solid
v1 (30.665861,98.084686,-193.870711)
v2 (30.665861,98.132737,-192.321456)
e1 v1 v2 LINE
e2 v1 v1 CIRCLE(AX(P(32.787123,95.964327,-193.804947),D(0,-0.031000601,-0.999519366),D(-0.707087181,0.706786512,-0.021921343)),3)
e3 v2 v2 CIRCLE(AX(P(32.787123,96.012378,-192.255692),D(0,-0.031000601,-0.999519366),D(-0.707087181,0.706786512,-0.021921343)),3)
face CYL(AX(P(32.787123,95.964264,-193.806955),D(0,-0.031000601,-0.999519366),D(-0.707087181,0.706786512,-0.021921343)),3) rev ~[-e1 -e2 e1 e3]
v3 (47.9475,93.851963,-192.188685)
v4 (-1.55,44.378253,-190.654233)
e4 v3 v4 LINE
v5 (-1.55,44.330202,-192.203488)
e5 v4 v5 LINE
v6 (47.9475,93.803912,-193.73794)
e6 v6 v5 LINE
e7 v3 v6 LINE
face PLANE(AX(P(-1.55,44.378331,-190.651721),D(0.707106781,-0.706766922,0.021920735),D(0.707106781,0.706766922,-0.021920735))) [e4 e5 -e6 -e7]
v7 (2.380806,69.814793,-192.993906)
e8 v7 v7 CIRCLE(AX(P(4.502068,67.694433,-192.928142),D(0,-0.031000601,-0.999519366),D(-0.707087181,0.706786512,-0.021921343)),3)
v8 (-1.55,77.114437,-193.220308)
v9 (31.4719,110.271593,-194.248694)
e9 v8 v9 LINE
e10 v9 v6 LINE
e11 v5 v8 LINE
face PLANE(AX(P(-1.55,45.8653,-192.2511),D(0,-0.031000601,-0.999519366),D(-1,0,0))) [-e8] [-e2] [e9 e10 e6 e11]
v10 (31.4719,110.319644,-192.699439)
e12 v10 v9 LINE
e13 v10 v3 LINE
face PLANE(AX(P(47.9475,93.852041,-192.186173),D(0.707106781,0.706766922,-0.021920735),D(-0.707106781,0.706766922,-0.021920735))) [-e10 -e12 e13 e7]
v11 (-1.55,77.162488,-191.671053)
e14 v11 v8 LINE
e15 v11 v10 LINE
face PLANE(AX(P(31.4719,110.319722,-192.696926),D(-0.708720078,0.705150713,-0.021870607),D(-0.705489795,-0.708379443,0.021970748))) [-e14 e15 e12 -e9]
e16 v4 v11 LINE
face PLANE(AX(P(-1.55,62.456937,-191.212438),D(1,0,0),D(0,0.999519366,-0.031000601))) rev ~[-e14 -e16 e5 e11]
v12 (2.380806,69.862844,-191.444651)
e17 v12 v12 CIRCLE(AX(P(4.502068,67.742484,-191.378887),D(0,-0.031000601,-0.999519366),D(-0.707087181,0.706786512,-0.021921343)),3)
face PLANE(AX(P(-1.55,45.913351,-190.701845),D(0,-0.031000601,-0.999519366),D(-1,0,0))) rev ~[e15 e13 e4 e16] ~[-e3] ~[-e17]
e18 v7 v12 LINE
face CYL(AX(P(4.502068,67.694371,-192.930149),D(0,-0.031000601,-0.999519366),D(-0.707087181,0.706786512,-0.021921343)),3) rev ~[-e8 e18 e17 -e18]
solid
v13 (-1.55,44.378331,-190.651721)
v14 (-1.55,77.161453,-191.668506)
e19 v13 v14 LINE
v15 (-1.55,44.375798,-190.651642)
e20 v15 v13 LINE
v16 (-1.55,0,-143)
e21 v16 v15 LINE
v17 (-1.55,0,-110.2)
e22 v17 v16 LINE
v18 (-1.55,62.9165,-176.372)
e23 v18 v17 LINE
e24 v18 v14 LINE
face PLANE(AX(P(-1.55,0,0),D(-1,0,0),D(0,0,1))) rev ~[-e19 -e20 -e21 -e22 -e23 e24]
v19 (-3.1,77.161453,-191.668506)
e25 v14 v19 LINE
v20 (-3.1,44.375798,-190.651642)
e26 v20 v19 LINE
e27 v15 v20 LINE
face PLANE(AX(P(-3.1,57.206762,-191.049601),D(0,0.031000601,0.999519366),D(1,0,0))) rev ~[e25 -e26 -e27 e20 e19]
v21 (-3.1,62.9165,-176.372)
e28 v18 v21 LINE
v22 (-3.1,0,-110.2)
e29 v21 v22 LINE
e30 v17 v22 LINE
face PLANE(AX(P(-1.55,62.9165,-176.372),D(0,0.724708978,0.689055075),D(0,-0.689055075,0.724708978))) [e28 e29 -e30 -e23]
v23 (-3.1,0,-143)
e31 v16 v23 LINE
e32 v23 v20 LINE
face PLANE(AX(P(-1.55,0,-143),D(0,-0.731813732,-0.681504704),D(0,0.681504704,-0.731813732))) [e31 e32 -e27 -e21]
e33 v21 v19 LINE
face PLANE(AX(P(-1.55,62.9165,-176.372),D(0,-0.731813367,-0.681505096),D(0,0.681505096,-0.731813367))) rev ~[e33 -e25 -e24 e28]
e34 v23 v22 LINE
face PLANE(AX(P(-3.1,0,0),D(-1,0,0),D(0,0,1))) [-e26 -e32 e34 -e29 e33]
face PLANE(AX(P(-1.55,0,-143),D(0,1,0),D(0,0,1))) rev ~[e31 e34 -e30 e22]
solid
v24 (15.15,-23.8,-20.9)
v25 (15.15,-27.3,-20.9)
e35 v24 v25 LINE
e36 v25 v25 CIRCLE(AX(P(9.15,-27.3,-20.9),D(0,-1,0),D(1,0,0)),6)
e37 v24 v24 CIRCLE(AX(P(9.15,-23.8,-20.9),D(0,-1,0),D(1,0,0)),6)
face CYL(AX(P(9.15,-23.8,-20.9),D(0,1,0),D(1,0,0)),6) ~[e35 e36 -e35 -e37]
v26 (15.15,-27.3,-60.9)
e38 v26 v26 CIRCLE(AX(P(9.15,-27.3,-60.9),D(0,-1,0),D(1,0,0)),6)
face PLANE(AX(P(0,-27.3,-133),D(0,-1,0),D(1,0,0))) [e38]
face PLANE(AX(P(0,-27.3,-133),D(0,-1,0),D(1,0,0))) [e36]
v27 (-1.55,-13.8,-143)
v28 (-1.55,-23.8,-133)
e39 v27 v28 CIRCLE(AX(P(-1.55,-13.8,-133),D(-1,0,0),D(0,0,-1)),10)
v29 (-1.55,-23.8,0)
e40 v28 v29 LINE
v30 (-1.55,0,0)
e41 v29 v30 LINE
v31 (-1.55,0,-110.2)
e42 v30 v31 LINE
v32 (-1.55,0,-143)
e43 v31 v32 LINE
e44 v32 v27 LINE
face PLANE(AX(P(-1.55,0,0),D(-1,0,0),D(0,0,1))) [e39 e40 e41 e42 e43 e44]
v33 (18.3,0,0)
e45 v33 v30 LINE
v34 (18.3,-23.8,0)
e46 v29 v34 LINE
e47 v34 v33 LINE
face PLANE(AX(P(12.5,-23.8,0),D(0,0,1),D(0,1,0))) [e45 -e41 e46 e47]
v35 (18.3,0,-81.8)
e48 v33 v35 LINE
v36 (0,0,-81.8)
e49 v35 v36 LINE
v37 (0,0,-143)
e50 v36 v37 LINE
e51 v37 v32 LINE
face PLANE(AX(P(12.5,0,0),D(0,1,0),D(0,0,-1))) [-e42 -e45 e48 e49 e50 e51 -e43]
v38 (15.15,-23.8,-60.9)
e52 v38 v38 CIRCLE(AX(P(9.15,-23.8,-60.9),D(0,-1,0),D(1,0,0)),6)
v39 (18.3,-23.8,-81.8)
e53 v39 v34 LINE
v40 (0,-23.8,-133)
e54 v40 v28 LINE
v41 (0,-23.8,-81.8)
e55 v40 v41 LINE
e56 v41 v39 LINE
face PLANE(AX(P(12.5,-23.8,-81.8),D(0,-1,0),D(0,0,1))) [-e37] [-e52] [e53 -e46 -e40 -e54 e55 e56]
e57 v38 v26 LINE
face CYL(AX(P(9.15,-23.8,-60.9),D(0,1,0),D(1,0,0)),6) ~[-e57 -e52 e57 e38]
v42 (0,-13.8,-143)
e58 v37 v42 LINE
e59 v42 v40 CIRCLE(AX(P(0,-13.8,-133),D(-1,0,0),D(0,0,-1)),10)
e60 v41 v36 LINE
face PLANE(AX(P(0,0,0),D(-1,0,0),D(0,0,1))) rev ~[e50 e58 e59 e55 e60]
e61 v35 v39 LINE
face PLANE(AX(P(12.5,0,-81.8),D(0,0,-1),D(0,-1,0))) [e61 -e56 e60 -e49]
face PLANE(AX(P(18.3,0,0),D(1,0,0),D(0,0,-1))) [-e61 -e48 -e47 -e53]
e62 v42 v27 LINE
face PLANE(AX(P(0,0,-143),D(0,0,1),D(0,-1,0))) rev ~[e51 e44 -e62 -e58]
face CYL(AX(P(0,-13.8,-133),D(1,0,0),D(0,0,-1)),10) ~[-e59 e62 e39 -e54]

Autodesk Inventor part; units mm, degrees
ref_plane "YZ Plane" through (0, 0, 0) normal (1, 0, 0) x (0, 1, 0)
ref_plane "XZ Plane" through (0, 0, 0) normal (0, 1, 0) x (-1, 0, 0)
ref_plane "XY Plane" through (0, 0, 0) normal (0, 0, 1) x (1, 0, 0)
sketch "Boceto1" plane through (0, 0, 0) normal (1, 0, 0) x (0, 1, 0)
  line L0 (0, 0) -> (-23.8, 0)
  line L1 (-23.8, 0) -> (-23.8, -81.8)
  line L2 (-23.8, -81.8) -> (0, -81.8)
  line L3 (0, -81.8) -> (0, 0)
  dimension "d0" = 23.8
  dimension "d1" = 81.8
extrude "Extrusión1" add sketch "Boceto1" along normal blind 12.5
sketch "Boceto2" plane through (0, 0, 0) normal (-1, 0, 0) x (0, 0, 1)
  line L0 (0, 0) -> (-143, 0)
  line L1 (-143, 0) -> (-143, -13.8)
  line L2 (-133, -23.8) -> (0, -23.8)
  line L3 (0, -23.8) -> (0, 0)
  arc A0 (-143, -13.8) -> (-133, -23.8) centre (-133, -13.8) ccw
  point P0 (-143, -23.8)
  dimension "d4" = 143
  dimension "d5" = 10
extrude "Extrusión2" add sketch "Boceto2" along normal blind 1.55
sketch "Boceto3" plane through (-1.55, 0, 0) normal (-1, 0, 0) x (0, 0, 1)
  line L0 (-81.8, 0) -> (0, 0) projected
  line L1 (-143, 0) -> (-143, -13.8) projected
  line L2 (-143, 0) -> (-110.2, 0)
  line L3 (-81.8, 0) -> (-143, 0) projected
  line L4 (-143, 0) -> (-192.2511, 45.8653)
  arc A0 (-16.2, 0) -> (-135.0604, 90.653) centre (-110.2, 0) ccw
  line L5 (-176.372, 62.9165) -> (-110.2, 0)
  line L6 (-176.372, 62.9165) -> (-193.2664, 78.6495)
  line L7 (-192.2511, 45.8653) -> (-193.2664, 78.6495)
  dimension "d10" = 32.8
  dimension "d15" = 23.3
  dimension "d17" = 32.8
extrude "Extrusión3" add sketch "Boceto3" along normal blind 1.55
sketch "Boceto6" plane through (-1.55, 45.8653, -192.2511) normal (0, -0.031, -0.9995) x (-1, 0, 0)
  circle A0 centre (1.55, 11.2988) radius 152.2645
  point P0 (-1.55, -51.7948)
extrude "Extrusión5" add sketch "Boceto6" against normal blind 1.55
sketch "Boceto7" plane through (-3.1, 57.2067, -191.0516) normal (0, 0.031, 0.9995) x (1, 0, 0)
  line L0 (1.55, -12.8346) -> (1.55, -58.6668) projected
  line L1 (1.55, -12.8346) -> (51.0475, 36.6629)
  line L2 (1.55, -12.8346) -> (71.55, -12.8346) construction
  line L3 (51.0475, 36.6629) -> (34.5719, 53.1385)
  line L4 (1.55, 5.2527) -> (1.55, 19.9654) projected
  line L5 (34.5719, 53.1385) -> (1.55, 19.9654)
  line L6 (1.55, 19.9654) -> (1.55, -12.8346)
  circle A0 centre (-14.9256, -12.8346) radius 218.7609
  point P0 (3.1, -63.0936)
  point P1 (1.55, 5.2527)
  dimension "d29" = 70
  dimension "d30" = 45
  dimension "d31" = 23.3
extrude "Extrusión6" cut sketch "Boceto7" against normal blind 1.55
sketch "Boceto8" plane through (-1.55, 44.3303, -192.2035) normal (0, -0.031, -0.9995) x (-0.7071, 0.7068, -0.0219)
  line L0 (0, 0) -> (0, 70) projected
  line L1 (0, 70) -> (23.3, 70) projected
  line L2 (24.2891, 22.0971) -> (1.096, -1.096) projected
  circle A0 centre (12.25, 20.808) radius 3
  circle A1 centre (12.25, 60.808) radius 3
  point P0 (-36.6345, -34.4425)
  dimension "d36" = 6
  dimension "d38" = 6
extrude "Extrusión7" cut sketch "Boceto8" against normal blind 1.55
sketch "Boceto11" plane through (12.5, 0, 0) normal (1, 0, 0) x (0, 0, -1)
  line L0 (0, -23.8) -> (0, 0) projected
  line L1 (133, -23.8) -> (81.8, -23.8) projected
  line L2 (0, 0) -> (81.8, 0)
  line L3 (81.8, 0) -> (81.8, -23.8)
  line L4 (81.8, -23.8) -> (0, -23.8)
  line L5 (0, -23.8) -> (0, 0)
extrude "Extrusión9" add sketch "Boceto11" along normal blind 5.8
sketch "Boceto13" plane through (0, -23.8, -133) normal (0, -1, 0) x (1, 0, 0)
  line L0 (0, 51.2) -> (18.3, 51.2) projected
  circle A0 centre (9.15, 72.1) radius 6
  circle A1 centre (9.15, 112.1) radius 6
  point P0 (0, 133)
  dimension "d49" = 12
  dimension "d50" = 12
extrude "Extrusión10" add sketch "Boceto13" along normal blind 3.5
properties part number "ventosas"
